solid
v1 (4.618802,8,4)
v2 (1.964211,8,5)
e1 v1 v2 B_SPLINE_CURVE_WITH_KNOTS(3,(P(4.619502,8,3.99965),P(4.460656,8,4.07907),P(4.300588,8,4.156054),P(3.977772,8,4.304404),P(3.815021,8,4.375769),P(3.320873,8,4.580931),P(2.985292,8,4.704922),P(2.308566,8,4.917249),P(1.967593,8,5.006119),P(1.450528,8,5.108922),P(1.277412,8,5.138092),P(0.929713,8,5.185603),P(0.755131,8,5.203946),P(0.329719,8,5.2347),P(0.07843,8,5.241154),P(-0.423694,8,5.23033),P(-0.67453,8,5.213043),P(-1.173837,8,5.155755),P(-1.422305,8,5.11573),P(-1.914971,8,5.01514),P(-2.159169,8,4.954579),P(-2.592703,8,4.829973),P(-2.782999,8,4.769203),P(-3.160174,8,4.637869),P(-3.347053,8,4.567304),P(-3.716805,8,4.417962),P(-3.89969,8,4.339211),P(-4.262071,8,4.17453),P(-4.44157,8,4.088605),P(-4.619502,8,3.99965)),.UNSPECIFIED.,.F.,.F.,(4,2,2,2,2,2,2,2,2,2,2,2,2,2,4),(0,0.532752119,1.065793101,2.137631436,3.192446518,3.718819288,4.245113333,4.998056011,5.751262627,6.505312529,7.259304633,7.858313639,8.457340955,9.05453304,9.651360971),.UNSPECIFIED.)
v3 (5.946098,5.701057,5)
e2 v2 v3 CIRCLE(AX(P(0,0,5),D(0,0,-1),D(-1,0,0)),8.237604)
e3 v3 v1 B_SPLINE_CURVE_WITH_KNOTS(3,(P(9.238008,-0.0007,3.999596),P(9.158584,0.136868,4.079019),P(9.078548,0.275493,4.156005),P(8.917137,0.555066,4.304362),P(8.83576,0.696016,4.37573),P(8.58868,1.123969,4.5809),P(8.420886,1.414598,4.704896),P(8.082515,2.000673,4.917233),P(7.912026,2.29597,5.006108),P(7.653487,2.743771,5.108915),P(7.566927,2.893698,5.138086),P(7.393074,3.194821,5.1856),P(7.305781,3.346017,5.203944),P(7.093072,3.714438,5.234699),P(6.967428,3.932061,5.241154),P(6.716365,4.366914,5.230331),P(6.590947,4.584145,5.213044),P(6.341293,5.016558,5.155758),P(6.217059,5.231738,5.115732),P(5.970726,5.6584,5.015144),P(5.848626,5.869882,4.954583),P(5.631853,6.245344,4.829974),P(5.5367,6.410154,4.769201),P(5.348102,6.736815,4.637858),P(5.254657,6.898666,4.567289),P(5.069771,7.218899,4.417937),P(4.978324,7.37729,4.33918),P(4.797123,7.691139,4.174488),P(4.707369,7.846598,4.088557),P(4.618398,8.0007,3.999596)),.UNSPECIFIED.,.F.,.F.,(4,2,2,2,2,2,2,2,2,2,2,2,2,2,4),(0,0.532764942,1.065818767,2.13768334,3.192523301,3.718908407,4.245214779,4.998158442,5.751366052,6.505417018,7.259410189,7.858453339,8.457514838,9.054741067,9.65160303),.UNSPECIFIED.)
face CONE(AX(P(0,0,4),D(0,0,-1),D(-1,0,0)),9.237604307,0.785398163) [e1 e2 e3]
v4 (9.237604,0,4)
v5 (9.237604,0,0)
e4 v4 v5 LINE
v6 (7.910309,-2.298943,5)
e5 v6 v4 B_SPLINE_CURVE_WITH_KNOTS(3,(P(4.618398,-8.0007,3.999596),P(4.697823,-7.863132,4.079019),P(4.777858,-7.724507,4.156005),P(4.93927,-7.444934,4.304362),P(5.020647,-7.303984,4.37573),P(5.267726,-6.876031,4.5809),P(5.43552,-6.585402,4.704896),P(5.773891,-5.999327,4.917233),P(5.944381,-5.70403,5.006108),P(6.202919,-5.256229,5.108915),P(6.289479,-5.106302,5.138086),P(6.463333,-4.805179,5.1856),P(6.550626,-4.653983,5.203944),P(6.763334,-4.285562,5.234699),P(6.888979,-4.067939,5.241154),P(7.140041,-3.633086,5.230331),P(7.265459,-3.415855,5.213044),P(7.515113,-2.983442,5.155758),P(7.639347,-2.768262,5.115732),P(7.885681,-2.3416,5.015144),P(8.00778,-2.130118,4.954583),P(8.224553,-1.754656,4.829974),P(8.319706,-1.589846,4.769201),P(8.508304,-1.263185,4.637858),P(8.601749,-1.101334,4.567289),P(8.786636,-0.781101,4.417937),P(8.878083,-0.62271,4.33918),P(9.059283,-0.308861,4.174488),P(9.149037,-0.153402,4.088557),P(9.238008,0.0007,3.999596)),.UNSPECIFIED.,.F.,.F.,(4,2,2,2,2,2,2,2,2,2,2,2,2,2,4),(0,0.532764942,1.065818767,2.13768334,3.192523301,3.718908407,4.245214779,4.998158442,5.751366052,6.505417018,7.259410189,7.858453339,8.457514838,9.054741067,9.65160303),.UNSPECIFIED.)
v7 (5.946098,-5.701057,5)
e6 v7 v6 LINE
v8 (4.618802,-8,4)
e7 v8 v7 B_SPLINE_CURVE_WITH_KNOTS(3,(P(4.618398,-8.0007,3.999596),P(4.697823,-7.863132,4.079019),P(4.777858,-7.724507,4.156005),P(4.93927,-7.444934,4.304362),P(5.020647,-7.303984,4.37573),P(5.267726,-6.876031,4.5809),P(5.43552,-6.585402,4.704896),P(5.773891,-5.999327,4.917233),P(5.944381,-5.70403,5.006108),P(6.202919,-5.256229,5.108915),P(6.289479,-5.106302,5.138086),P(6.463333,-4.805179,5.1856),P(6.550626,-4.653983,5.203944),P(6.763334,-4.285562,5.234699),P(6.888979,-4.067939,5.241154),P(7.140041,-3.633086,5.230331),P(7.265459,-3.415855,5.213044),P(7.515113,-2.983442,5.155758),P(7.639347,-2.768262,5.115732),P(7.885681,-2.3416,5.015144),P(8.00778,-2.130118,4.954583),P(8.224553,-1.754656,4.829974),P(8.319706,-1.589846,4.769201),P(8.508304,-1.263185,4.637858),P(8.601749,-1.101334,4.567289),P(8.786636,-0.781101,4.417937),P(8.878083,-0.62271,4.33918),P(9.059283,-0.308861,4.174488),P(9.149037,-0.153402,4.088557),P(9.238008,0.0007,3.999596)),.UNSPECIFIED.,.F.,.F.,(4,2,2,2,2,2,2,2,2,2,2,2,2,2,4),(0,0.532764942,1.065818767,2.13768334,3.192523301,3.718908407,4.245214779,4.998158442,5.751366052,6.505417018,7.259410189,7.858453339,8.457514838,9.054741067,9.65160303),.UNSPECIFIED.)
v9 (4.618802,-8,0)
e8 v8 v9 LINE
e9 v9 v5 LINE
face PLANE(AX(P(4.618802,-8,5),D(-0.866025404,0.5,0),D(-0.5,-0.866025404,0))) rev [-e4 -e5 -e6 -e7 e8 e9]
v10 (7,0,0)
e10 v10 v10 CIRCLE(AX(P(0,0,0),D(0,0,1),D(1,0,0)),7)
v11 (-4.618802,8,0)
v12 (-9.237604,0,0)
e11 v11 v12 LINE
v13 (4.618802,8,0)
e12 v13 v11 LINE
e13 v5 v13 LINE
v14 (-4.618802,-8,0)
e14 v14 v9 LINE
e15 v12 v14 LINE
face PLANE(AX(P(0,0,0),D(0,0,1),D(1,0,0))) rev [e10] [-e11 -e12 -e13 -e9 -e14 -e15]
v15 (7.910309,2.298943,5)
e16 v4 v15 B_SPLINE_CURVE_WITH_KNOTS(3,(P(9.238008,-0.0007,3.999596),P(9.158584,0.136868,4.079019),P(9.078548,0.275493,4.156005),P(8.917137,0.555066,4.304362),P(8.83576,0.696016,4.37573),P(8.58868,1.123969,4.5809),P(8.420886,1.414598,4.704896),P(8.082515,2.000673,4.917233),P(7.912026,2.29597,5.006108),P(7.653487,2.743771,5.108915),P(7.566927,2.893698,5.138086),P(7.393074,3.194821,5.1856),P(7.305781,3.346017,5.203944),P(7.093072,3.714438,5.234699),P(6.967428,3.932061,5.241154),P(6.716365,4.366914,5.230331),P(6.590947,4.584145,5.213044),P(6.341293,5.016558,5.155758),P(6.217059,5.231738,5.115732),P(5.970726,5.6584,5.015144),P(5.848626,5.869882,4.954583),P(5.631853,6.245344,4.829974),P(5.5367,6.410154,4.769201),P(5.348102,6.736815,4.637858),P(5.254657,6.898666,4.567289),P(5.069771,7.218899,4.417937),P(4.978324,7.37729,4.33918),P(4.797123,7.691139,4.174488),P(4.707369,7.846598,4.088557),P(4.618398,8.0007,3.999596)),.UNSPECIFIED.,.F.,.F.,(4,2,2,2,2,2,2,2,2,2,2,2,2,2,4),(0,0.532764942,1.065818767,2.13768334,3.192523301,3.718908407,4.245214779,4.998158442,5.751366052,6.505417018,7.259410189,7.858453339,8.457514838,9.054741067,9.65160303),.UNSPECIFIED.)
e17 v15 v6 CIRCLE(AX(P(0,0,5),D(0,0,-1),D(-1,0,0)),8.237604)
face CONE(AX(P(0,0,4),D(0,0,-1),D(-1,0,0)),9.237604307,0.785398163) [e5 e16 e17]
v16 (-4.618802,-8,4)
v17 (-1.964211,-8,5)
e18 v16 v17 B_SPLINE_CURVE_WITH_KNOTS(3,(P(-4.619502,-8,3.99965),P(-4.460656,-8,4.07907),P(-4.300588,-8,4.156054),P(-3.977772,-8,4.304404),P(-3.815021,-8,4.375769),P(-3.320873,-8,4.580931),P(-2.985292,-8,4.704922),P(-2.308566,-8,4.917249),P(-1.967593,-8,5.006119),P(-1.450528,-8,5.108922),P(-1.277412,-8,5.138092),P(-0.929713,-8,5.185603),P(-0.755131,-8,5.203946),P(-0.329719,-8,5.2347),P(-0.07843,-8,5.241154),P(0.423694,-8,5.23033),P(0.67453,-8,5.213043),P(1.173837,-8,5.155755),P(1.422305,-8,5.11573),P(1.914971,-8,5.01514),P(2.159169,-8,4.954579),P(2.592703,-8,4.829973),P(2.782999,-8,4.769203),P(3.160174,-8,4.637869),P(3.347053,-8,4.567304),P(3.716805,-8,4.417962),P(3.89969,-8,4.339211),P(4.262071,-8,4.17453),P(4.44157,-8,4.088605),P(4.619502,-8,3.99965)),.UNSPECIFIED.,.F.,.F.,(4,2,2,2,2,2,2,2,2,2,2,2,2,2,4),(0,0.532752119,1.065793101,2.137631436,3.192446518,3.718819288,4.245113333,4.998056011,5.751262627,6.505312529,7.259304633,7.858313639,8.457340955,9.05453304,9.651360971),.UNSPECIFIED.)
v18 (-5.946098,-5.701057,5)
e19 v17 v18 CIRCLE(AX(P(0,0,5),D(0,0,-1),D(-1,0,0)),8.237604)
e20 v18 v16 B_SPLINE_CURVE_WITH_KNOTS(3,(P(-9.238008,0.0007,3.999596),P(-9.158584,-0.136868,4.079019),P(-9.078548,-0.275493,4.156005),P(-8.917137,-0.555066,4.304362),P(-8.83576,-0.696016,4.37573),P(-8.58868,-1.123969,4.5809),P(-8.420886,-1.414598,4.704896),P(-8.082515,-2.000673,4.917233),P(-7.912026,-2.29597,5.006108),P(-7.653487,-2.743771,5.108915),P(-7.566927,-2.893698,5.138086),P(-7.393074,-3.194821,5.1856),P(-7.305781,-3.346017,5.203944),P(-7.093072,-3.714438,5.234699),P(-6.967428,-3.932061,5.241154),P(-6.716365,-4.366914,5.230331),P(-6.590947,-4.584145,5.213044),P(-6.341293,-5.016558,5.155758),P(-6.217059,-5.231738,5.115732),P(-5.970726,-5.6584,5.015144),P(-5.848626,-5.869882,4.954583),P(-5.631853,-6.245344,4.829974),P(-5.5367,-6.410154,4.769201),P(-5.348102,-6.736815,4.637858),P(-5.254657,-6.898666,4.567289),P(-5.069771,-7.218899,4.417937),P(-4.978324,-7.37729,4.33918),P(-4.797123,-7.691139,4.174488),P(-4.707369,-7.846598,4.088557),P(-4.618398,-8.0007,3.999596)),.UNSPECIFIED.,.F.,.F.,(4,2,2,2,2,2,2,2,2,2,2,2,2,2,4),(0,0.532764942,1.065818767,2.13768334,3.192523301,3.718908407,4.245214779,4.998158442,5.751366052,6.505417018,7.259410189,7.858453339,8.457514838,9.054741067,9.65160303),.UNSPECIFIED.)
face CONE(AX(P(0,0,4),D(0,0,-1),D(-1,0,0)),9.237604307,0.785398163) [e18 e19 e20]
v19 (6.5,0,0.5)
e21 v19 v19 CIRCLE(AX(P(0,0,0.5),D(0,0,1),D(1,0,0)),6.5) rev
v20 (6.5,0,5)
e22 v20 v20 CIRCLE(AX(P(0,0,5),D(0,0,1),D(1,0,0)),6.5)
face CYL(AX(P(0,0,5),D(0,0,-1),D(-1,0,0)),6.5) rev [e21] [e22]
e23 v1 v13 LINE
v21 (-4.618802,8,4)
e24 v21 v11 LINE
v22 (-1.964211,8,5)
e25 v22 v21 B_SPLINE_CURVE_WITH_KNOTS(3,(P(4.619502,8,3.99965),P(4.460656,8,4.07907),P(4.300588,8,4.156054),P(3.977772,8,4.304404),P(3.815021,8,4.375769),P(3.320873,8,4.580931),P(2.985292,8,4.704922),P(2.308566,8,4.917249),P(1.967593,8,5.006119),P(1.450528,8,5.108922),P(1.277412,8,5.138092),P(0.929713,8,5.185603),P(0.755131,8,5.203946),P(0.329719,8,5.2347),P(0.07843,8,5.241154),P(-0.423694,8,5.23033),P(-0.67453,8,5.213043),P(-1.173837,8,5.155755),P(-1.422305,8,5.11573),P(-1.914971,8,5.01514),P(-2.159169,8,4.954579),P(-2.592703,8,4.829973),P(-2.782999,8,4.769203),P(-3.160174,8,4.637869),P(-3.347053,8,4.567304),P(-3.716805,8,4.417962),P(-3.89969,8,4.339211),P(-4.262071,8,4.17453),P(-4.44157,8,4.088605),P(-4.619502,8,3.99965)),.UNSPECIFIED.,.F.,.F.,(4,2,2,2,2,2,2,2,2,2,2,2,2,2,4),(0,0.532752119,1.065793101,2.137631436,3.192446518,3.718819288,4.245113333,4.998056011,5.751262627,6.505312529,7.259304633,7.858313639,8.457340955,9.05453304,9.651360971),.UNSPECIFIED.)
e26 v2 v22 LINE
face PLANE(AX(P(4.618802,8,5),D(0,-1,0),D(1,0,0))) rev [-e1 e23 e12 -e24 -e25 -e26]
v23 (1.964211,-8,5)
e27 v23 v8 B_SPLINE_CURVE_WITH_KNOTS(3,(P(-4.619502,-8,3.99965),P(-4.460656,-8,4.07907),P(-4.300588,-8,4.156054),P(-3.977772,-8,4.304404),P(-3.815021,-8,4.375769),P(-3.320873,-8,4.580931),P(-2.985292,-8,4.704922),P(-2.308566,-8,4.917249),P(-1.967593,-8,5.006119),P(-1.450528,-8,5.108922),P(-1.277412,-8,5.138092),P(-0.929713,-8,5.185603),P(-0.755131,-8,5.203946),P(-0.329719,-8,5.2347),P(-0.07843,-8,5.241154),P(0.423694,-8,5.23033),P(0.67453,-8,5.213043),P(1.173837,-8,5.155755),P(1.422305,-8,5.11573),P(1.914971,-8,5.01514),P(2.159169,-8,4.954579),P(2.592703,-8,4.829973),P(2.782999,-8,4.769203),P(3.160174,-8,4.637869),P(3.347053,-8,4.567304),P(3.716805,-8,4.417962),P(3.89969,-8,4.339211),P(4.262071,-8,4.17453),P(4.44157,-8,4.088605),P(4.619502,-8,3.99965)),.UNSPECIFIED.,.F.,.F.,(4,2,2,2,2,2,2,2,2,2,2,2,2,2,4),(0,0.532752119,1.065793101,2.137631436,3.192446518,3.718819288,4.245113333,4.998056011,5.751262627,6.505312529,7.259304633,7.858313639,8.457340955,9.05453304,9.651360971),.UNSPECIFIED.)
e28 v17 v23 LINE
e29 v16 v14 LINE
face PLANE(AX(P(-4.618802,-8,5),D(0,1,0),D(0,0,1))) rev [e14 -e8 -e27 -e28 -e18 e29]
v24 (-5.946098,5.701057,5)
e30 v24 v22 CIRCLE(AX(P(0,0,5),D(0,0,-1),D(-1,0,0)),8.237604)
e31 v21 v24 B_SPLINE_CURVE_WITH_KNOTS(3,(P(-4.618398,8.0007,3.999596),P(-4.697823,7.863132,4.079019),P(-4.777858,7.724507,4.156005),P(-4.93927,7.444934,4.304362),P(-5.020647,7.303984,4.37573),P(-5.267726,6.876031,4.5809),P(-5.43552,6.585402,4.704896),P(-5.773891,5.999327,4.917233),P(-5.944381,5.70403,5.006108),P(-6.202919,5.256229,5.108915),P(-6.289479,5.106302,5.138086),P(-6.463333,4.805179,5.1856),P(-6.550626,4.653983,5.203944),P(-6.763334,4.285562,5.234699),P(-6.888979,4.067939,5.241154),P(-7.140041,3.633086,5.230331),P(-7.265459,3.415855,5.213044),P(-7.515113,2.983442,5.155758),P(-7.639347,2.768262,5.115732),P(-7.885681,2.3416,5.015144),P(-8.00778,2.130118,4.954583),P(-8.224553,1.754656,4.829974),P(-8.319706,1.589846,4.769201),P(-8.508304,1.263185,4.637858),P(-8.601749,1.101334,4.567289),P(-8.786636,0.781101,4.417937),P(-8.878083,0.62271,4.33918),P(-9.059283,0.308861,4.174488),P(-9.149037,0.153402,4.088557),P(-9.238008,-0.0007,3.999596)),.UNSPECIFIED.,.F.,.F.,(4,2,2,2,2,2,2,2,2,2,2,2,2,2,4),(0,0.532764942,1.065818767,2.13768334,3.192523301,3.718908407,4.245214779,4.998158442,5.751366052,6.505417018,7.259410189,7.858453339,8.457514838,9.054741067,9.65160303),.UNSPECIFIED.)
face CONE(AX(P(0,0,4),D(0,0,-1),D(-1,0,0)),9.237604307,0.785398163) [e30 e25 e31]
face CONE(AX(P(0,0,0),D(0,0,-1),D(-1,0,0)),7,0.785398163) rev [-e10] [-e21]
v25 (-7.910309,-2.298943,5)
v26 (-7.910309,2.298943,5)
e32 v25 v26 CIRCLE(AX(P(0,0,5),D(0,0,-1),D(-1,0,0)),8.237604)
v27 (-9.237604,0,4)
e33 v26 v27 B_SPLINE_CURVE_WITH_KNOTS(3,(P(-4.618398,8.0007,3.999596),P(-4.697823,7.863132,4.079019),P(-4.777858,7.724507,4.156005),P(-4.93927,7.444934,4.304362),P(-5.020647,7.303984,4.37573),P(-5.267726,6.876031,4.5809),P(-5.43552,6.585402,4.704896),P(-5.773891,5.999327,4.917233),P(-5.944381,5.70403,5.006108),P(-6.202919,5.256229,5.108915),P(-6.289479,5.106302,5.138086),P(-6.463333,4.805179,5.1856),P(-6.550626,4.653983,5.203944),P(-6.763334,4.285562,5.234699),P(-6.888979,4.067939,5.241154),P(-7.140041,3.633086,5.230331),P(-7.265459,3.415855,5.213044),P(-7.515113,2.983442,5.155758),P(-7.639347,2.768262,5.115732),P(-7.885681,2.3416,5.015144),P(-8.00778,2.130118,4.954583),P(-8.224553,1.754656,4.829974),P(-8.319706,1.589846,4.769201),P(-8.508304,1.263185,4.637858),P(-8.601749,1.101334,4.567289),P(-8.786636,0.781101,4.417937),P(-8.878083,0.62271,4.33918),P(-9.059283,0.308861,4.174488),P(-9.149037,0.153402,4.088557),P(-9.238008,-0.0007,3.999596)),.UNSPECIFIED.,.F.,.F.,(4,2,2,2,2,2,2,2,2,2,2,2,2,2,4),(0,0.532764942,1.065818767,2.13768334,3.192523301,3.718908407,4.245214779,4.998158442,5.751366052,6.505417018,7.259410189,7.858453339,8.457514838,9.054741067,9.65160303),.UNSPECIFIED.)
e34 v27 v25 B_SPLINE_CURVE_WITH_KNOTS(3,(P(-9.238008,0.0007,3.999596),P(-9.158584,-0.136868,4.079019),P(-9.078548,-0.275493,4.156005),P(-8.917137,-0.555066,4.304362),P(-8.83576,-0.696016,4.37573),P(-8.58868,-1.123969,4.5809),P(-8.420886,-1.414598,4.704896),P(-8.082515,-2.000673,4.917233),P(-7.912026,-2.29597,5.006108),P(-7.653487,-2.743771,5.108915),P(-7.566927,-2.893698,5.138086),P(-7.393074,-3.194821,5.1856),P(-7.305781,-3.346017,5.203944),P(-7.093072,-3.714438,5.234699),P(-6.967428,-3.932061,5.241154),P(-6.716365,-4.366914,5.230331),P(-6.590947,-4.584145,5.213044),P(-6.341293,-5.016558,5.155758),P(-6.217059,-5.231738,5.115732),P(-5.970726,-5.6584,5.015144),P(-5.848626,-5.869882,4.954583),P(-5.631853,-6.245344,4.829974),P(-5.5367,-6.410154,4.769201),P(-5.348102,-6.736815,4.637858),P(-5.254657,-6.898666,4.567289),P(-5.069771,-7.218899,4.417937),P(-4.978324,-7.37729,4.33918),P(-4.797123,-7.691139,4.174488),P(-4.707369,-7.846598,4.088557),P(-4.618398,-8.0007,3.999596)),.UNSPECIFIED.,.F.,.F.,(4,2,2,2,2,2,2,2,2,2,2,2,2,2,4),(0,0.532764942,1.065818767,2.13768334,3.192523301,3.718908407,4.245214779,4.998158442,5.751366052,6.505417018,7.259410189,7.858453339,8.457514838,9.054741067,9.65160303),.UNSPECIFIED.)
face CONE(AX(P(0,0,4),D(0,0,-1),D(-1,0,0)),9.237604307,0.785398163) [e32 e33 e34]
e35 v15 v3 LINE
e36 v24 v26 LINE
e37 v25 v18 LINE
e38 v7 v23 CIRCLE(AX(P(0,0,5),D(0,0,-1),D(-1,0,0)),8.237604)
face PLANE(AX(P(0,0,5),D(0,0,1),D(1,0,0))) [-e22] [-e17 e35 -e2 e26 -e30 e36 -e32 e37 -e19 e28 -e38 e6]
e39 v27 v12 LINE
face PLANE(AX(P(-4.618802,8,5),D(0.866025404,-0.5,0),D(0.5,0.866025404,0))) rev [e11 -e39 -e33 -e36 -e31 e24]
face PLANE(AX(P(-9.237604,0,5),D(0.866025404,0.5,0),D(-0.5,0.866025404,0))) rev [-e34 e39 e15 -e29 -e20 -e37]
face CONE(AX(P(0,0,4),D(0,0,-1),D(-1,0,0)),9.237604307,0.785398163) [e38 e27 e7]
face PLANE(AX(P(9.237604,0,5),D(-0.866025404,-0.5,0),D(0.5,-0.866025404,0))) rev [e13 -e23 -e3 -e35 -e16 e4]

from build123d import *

# Parameters (mm, degrees)
SZKIC1_R                    = 6.5
DODANIE_WYCI_GNI_CIE3_DEPTH = 5
SFAZOWANIE3_SIZE            = 0.5


with BuildPart() as part:
    # Szkic1 → Dodanie-wyciągnięcie3 (new body)
    with BuildSketch(Plane.XY):
        Polygon((9.237604307, 0), (4.618802154, 8), (-4.618802154, 8), (-9.237604307, 0), (-4.618802154, -8), (4.618802154, -8), align=None)
        Circle(SZKIC1_R, mode=Mode.SUBTRACT)
    extrude(amount=DODANIE_WYCI_GNI_CIE3_DEPTH)

    # Szkic2 → Wycięcie-obrót3 (revolve, cut)
    with BuildSketch(Plane(origin=(0, 0, 0), x_dir=(1, 0, 0), z_dir=(0, 1, 0))):
        Polygon((9.237604307, -5), (9.237604307, -4), (8.237604307, -5), align=None)
    revolve(axis=Axis((0, 0, 0), (0, 0, 1)), mode=Mode.SUBTRACT)

    # Sfazowanie3
    sfazowanie3_edges = [part.edges().sort_by_distance(p)[0] for p in [
        (-6.5, 0, 0),
    ]]
    chamfer(sfazowanie3_edges, length=SFAZOWANIE3_SIZE)


solid = part.part
